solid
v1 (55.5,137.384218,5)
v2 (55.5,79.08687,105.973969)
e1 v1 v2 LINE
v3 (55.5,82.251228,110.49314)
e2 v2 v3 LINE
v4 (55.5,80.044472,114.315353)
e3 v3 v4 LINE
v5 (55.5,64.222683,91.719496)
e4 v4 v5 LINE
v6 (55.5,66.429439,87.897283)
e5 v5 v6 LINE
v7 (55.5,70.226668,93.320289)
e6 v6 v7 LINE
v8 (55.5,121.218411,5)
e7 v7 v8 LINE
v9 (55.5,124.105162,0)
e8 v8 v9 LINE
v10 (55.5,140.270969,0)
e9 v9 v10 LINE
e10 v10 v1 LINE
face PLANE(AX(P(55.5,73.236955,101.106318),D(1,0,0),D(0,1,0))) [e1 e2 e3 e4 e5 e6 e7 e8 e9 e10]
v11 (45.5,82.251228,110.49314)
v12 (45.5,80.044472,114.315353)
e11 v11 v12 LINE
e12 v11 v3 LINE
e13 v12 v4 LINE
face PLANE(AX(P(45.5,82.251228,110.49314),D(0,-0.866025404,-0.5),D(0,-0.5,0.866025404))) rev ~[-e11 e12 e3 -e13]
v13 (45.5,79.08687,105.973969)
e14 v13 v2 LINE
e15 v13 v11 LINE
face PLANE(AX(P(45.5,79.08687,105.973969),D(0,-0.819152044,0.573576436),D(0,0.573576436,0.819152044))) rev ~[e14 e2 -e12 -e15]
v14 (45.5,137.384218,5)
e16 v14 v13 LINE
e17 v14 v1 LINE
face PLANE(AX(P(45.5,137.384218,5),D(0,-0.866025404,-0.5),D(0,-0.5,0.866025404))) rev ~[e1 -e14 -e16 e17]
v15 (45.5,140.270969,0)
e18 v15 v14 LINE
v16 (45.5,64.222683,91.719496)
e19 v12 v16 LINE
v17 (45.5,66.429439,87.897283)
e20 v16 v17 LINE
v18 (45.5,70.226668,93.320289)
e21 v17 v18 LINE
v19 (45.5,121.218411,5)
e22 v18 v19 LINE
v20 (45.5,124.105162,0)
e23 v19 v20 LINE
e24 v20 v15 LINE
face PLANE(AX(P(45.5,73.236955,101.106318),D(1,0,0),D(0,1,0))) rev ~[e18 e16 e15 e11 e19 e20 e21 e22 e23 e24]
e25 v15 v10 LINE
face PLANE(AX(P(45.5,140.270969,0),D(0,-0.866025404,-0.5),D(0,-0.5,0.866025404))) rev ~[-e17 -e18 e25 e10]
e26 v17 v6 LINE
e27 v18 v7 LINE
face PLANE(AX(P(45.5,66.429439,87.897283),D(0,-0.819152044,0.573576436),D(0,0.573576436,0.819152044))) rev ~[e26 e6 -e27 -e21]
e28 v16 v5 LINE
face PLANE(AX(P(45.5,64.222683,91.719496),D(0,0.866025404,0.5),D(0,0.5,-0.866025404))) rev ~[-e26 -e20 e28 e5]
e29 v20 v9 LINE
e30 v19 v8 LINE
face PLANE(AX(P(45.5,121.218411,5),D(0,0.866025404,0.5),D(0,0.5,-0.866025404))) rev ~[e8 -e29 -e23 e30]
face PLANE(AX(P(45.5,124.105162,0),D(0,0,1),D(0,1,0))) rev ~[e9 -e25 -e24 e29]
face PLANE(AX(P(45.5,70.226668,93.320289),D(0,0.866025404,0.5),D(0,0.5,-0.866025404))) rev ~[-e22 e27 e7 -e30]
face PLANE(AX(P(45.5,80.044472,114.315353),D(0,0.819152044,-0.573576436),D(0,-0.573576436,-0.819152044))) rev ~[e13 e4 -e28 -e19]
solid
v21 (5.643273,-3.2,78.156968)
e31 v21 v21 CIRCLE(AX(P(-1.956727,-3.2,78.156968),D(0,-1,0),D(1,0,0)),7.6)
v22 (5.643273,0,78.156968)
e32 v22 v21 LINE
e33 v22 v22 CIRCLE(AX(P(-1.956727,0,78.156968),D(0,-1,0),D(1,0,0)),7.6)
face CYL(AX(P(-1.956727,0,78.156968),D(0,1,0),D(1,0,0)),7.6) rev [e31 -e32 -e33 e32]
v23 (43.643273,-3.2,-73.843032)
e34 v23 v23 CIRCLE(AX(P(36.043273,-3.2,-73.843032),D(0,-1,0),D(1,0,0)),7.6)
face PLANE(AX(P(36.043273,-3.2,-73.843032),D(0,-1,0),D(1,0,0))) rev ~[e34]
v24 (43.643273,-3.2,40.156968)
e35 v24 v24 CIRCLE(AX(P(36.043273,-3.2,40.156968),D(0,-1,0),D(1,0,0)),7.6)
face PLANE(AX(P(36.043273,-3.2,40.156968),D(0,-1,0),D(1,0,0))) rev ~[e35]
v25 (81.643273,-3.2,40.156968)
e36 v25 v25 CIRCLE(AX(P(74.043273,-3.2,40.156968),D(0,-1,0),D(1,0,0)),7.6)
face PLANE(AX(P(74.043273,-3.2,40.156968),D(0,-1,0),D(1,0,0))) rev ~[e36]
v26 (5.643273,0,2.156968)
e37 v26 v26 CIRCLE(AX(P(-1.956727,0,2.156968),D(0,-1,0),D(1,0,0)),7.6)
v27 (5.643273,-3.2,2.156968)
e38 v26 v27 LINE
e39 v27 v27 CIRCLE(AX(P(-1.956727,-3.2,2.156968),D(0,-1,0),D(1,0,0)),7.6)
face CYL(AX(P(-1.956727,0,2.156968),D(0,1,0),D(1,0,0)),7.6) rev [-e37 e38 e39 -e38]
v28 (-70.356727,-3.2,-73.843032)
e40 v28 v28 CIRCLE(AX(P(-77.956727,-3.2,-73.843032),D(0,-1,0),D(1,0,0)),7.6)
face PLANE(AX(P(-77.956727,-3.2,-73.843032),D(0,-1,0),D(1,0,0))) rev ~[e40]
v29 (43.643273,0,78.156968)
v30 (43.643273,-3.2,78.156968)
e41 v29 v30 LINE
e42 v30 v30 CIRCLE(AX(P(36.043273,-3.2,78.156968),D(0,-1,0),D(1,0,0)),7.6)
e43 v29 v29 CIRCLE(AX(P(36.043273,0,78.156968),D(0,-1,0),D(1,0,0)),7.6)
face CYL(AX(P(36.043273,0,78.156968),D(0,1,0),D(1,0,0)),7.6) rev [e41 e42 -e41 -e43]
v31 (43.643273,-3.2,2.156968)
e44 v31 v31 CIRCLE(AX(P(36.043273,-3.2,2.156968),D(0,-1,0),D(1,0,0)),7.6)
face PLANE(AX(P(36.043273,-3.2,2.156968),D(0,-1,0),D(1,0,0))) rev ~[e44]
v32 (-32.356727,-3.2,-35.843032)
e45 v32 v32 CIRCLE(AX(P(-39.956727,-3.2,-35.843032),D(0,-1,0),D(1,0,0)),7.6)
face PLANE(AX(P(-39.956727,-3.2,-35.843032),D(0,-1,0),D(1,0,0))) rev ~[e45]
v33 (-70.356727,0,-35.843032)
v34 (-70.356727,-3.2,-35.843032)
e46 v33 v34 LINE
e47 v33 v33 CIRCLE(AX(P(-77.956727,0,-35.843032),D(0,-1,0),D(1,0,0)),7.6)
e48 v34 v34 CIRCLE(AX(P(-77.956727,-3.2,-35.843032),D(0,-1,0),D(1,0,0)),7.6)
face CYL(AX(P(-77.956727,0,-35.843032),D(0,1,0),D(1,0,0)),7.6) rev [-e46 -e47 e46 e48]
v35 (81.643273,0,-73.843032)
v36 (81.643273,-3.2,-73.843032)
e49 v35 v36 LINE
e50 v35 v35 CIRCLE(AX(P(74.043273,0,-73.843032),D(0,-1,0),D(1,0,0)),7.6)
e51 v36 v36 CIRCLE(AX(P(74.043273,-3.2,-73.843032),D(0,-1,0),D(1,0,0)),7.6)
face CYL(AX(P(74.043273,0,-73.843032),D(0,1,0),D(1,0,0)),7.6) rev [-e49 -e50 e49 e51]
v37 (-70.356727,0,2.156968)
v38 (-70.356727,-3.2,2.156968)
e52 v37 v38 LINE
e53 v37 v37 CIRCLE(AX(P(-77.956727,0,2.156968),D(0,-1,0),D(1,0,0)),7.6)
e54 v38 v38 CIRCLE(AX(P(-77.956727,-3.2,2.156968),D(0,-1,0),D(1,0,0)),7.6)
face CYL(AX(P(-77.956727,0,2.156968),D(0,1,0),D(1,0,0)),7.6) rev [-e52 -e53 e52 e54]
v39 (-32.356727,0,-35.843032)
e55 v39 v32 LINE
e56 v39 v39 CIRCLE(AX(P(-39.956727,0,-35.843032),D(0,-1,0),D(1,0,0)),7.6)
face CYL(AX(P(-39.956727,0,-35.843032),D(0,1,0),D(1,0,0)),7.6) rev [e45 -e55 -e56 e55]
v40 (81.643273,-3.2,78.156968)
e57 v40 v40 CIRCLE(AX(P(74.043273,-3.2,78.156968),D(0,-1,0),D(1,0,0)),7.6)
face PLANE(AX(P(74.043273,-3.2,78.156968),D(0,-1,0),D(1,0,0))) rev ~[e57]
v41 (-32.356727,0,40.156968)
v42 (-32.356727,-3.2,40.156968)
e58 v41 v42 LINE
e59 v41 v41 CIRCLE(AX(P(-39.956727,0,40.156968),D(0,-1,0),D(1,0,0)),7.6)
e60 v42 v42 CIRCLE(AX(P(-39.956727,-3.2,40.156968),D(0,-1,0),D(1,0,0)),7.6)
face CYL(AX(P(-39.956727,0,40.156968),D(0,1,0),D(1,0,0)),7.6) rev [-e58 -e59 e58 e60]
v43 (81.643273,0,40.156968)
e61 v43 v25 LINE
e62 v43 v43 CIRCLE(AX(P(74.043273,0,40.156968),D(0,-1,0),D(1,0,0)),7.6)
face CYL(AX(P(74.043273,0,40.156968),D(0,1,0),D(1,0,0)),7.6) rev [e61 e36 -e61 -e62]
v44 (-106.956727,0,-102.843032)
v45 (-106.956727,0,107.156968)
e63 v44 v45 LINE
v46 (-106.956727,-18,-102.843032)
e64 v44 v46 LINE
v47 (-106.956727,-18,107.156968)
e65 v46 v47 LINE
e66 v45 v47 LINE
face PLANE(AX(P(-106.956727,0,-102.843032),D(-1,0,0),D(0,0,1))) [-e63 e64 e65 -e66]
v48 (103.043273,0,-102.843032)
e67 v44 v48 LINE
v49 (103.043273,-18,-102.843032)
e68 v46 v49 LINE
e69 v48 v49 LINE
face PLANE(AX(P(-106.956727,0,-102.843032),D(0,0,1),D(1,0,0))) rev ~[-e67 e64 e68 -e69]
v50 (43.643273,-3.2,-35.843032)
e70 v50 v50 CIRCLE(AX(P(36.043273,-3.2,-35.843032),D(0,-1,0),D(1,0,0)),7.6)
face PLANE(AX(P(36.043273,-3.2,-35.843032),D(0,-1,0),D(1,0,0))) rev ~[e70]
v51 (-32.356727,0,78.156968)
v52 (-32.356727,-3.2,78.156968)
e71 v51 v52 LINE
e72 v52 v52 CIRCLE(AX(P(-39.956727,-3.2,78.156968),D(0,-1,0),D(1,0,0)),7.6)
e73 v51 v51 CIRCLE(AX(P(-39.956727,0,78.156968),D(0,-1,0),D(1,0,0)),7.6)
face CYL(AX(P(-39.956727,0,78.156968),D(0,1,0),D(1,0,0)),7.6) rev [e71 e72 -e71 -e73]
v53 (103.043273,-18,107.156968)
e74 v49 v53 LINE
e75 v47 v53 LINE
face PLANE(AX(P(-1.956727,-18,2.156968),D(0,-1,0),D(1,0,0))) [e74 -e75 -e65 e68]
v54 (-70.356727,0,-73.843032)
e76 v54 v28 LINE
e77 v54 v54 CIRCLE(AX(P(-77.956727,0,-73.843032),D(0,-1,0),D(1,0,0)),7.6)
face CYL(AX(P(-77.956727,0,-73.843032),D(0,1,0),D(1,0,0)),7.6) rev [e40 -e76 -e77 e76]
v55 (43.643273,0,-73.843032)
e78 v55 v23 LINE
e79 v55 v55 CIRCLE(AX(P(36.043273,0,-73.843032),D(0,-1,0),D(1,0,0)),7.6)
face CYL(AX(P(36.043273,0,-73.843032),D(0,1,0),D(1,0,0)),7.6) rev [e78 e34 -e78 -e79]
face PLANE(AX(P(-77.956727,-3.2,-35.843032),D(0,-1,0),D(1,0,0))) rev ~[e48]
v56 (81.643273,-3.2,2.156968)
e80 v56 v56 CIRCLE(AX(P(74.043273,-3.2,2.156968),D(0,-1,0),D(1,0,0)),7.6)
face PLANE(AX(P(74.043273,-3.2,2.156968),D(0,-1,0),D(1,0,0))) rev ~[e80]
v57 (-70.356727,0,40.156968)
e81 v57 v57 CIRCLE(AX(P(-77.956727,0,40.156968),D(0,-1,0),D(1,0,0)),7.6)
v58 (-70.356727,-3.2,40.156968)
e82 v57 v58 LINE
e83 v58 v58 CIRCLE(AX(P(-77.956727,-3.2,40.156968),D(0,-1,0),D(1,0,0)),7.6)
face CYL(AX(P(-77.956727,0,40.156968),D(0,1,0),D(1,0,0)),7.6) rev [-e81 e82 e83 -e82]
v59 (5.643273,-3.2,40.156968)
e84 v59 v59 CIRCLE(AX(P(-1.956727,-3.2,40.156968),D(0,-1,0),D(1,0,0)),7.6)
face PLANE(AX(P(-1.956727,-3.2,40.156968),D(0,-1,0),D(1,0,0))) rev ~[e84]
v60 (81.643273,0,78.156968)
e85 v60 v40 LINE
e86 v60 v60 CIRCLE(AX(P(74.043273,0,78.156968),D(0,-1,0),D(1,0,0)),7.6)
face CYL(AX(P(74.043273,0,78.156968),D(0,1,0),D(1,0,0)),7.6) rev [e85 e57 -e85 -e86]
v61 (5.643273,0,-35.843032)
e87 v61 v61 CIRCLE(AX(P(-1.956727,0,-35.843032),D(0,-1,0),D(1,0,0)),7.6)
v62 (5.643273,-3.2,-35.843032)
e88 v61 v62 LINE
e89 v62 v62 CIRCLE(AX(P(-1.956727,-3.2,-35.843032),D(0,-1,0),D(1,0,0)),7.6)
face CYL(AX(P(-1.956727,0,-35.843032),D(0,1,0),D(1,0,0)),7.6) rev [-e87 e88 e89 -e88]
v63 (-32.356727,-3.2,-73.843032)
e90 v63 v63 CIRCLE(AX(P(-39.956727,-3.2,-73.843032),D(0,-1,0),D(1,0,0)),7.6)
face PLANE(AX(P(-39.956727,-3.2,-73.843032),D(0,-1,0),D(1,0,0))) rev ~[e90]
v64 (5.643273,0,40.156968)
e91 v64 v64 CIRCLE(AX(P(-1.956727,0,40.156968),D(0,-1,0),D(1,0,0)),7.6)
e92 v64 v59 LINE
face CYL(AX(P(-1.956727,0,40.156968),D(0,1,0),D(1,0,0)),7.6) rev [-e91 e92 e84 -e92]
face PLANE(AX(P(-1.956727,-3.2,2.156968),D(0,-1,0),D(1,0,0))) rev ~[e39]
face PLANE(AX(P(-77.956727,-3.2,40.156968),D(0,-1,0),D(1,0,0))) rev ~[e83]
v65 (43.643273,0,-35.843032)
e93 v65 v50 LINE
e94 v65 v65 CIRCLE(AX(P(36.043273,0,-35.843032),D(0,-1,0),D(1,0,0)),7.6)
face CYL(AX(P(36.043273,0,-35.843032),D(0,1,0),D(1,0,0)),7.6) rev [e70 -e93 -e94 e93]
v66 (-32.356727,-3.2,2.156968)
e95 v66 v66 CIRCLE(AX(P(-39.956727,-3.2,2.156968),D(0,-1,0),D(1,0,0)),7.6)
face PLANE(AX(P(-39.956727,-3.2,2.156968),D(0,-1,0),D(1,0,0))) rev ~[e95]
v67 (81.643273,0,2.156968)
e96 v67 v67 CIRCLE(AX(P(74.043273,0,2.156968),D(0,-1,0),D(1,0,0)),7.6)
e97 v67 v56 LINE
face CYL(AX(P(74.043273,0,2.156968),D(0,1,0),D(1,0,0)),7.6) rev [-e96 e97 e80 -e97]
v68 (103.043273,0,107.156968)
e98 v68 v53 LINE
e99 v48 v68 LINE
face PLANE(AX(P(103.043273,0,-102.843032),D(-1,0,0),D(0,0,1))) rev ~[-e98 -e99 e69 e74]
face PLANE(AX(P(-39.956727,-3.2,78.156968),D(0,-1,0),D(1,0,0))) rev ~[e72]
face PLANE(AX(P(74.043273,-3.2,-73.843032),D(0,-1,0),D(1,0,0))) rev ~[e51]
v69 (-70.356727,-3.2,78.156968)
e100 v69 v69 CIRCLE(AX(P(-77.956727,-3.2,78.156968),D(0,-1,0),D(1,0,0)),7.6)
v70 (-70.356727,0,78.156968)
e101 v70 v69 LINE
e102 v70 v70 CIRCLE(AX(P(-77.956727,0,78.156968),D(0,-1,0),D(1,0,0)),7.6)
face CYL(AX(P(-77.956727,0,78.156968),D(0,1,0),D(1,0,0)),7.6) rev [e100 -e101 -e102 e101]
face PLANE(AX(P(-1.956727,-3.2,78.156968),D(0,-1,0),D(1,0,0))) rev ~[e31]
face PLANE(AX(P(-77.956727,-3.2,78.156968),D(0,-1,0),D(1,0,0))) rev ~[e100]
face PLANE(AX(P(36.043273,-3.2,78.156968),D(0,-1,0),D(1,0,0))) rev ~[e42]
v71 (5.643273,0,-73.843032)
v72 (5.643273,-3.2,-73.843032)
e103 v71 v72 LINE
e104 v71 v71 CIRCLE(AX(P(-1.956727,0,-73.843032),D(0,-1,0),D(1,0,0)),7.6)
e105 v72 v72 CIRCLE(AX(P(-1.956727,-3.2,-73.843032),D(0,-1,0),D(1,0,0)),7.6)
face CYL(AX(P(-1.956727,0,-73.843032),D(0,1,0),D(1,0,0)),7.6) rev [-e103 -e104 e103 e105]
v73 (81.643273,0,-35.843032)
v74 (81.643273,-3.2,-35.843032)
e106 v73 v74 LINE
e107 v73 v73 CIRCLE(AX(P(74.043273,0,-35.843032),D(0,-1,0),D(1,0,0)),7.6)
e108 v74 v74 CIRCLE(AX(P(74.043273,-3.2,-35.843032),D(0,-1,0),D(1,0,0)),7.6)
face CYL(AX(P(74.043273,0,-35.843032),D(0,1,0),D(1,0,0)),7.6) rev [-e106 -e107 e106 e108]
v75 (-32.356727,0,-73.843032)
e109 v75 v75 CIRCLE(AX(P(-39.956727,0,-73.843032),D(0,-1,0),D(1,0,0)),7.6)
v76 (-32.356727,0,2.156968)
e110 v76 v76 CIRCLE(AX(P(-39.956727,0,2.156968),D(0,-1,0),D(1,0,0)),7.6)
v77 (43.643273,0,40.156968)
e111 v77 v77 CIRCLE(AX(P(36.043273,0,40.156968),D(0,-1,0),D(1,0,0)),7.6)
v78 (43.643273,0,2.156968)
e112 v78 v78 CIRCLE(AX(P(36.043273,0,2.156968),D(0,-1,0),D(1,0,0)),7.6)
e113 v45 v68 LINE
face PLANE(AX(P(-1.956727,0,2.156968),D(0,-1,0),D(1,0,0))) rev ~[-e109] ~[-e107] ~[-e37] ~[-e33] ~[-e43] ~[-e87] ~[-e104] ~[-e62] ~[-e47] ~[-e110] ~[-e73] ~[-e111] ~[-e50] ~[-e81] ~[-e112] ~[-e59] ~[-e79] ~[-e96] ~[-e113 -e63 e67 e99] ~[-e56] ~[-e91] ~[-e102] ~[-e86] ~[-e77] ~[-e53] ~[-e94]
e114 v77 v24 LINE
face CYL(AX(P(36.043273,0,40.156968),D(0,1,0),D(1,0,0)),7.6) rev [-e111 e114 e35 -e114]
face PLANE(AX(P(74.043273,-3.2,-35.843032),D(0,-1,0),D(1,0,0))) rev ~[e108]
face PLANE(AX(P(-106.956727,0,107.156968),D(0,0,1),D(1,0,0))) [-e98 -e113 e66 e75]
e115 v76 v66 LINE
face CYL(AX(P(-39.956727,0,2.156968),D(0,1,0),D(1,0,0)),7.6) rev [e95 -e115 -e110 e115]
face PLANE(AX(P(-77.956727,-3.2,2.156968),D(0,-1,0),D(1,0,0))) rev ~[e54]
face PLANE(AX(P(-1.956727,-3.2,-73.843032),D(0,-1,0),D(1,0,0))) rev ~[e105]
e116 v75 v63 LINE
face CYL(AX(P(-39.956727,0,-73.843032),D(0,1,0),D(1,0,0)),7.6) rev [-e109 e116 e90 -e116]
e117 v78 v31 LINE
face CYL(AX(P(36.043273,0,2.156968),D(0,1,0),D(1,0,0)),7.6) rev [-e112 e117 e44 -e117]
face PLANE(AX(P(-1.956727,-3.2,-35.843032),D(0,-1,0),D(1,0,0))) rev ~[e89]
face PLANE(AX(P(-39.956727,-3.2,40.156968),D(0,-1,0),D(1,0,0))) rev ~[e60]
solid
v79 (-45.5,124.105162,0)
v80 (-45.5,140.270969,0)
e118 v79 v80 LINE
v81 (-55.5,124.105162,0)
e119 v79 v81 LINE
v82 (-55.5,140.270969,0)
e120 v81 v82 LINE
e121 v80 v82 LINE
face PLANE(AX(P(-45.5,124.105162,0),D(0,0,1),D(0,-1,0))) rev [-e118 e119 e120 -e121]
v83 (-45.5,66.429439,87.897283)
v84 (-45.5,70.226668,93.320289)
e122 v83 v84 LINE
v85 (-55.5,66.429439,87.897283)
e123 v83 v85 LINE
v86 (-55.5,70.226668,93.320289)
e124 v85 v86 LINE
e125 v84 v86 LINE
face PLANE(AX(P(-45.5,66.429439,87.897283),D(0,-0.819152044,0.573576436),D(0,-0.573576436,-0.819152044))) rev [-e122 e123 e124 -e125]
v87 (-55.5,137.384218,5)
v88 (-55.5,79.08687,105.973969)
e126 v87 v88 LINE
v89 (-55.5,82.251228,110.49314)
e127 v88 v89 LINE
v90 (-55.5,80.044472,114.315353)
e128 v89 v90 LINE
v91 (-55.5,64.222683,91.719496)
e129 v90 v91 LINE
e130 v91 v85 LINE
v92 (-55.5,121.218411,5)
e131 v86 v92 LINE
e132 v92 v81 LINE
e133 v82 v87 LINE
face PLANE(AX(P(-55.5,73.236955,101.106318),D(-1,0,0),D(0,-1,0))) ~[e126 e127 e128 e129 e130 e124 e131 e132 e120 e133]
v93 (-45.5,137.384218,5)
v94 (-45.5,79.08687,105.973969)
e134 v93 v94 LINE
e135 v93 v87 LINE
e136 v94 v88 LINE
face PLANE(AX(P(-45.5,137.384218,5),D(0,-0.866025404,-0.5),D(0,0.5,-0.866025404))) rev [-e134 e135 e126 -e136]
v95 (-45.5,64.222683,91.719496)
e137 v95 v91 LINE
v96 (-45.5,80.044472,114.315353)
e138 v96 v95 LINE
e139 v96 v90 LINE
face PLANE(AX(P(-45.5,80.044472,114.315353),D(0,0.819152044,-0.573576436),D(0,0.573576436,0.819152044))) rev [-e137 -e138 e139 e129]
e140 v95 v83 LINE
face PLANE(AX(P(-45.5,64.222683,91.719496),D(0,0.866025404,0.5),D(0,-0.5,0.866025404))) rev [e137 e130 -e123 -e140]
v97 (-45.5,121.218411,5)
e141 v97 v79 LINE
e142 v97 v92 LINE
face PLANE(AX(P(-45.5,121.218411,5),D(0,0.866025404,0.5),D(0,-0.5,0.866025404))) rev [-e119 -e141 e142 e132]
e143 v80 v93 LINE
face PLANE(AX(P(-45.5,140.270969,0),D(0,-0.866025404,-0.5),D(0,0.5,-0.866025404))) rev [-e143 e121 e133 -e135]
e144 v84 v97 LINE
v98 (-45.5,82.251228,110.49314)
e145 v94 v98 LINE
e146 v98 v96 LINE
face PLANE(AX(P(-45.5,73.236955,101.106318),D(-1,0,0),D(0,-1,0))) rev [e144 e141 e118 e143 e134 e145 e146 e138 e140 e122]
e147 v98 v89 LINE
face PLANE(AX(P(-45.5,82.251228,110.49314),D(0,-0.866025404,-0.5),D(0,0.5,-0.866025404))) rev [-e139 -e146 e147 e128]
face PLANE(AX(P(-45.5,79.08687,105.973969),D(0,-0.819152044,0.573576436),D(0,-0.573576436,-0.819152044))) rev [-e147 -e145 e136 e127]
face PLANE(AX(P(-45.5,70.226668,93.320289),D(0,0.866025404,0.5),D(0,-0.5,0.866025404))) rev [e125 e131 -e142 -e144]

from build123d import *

# Parameters (mm, degrees)
F0_W     = 210
F0_H     = 210
F0_R     = 7.6
F1_DEPTH = 18
F2_DEPTH = 3.2
F4_START = 45.5
F4_DEPTH = 10


with BuildPart() as f1:
    # F0 (on Front) → F1 (new body)
    with BuildSketch(Plane.XZ):
        with Locations((-1.9567265748, 2.1569684295)):
            Rectangle(F0_W, F0_H)
        with Locations((-77.9567265748, -73.8430315705)):
            Circle(F0_R, mode=Mode.SUBTRACT)
        with Locations((-39.9567265748, -73.8430315705)):
            Circle(F0_R, mode=Mode.SUBTRACT)
        with Locations((-77.9567265748, -35.8430315705)):
            Circle(F0_R, mode=Mode.SUBTRACT)
        with Locations((-77.9567265748, 2.1569684295)):
            Circle(F0_R, mode=Mode.SUBTRACT)
        with Locations((-39.9567265748, -35.8430315705)):
            Circle(F0_R, mode=Mode.SUBTRACT)
        with Locations((-1.9567265748, -73.8430315705)):
            Circle(F0_R, mode=Mode.SUBTRACT)
        with Locations((36.0432734252, -73.8430315705)):
            Circle(F0_R, mode=Mode.SUBTRACT)
        with Locations((74.0432734252, -73.8430315705)):
            Circle(F0_R, mode=Mode.SUBTRACT)
        with Locations((-1.9567265748, -35.8430315705)):
            Circle(F0_R, mode=Mode.SUBTRACT)
        with Locations((36.0432734252, -35.8430315705)):
            Circle(F0_R, mode=Mode.SUBTRACT)
        with Locations((74.0432734252, -35.8430315705)):
            Circle(F0_R, mode=Mode.SUBTRACT)
        with Locations((-77.9567265748, 40.1569684295)):
            Circle(F0_R, mode=Mode.SUBTRACT)
        with Locations((-39.9567265748, 2.1569684295)):
            Circle(F0_R, mode=Mode.SUBTRACT)
        with Locations((-39.9567265748, 40.1569684295)):
            Circle(F0_R, mode=Mode.SUBTRACT)
        with Locations((-77.9567265748, 78.1569684295)):
            Circle(F0_R, mode=Mode.SUBTRACT)
        with Locations((-39.9567265748, 78.1569684295)):
            Circle(F0_R, mode=Mode.SUBTRACT)
        with Locations((-1.9567265748, 2.1569684295)):
            Circle(F0_R, mode=Mode.SUBTRACT)
        with Locations((36.0432734252, 2.1569684295)):
            Circle(F0_R, mode=Mode.SUBTRACT)
        with Locations((-1.9567265748, 40.1569684295)):
            Circle(F0_R, mode=Mode.SUBTRACT)
        with Locations((36.0432734252, 40.1569684295)):
            Circle(F0_R, mode=Mode.SUBTRACT)
        with Locations((74.0432734252, 2.1569684295)):
            Circle(F0_R, mode=Mode.SUBTRACT)
        with Locations((74.0432734252, 40.1569684295)):
            Circle(F0_R, mode=Mode.SUBTRACT)
        with Locations((-1.9567265748, 78.1569684295)):
            Circle(F0_R, mode=Mode.SUBTRACT)
        with Locations((36.0432734252, 78.1569684295)):
            Circle(F0_R, mode=Mode.SUBTRACT)
        with Locations((74.0432734252, 78.1569684295)):
            Circle(F0_R, mode=Mode.SUBTRACT)
        with Locations((-77.9567265748, 78.1569684295)):
            Circle(F0_R)
        with Locations((-77.9567265748, 40.1569684295)):
            Circle(F0_R)
        with Locations((-77.9567265748, 2.1569684295)):
            Circle(F0_R)
        with Locations((-77.9567265748, -35.8430315705)):
            Circle(F0_R)
        with Locations((-77.9567265748, -73.8430315705)):
            Circle(F0_R)
        with Locations((-39.9567265748, -73.8430315705)):
            Circle(F0_R)
        with Locations((-39.9567265748, -35.8430315705)):
            Circle(F0_R)
        with Locations((-39.9567265748, 2.1569684295)):
            Circle(F0_R)
        with Locations((-1.9567265748, 2.1569684295)):
            Circle(F0_R)
        with Locations((-1.9567265748, 40.1569684295)):
            Circle(F0_R)
        with Locations((-1.9567265748, 78.1569684295)):
            Circle(F0_R)
        with Locations((36.0432734252, 78.1569684295)):
            Circle(F0_R)
        with Locations((36.0432734252, 40.1569684295)):
            Circle(F0_R)
        with Locations((36.0432734252, 2.1569684295)):
            Circle(F0_R)
        with Locations((36.0432734252, -35.8430315705)):
            Circle(F0_R)
        with Locations((36.0432734252, -73.8430315705)):
            Circle(F0_R)
        with Locations((74.0432734252, -73.8430315705)):
            Circle(F0_R)
        with Locations((74.0432734252, -35.8430315705)):
            Circle(F0_R)
        with Locations((74.0432734252, 40.1569684295)):
            Circle(F0_R)
        with Locations((74.0432734252, 78.1569684295)):
            Circle(F0_R)
        with Locations((-39.9567265748, 78.1569684295)):
            Circle(F0_R)
        with Locations((-1.9567265748, -35.8430315705)):
            Circle(F0_R)
        with Locations((-1.9567265748, -73.8430315705)):
            Circle(F0_R)
        with Locations((74.0432734252, 2.1569684295)):
            Circle(F0_R)
        with Locations((-39.9567265748, 40.1569684295)):
            Circle(F0_R)
    extrude(amount=F1_DEPTH)

    # F0 (on Front) → F2 (cut)
    with BuildSketch(Plane.XZ):
        with Locations((74.0432734252, 78.1569684295)):
            Circle(F0_R)
        with Locations((36.0432734252, 78.1569684295)):
            Circle(F0_R)
        with Locations((36.0432734252, 40.1569684295)):
            Circle(F0_R)
        with Locations((74.0432734252, 40.1569684295)):
            Circle(F0_R)
        with Locations((74.0432734252, 2.1569684295)):
            Circle(F0_R)
        with Locations((74.0432734252, -35.8430315705)):
            Circle(F0_R)
        with Locations((36.0432734252, -35.8430315705)):
            Circle(F0_R)
        with Locations((36.0432734252, 2.1569684295)):
            Circle(F0_R)
        with Locations((74.0432734252, -73.8430315705)):
            Circle(F0_R)
        with Locations((36.0432734252, -73.8430315705)):
            Circle(F0_R)
        with Locations((-1.9567265748, -73.8430315705)):
            Circle(F0_R)
        with Locations((-1.9567265748, -35.8430315705)):
            Circle(F0_R)
        with Locations((-1.9567265748, 2.1569684295)):
            Circle(F0_R)
        with Locations((-1.9567265748, 40.1569684295)):
            Circle(F0_R)
        with Locations((-39.9567265748, 78.1569684295)):
            Circle(F0_R)
        with Locations((-1.9567265748, 78.1569684295)):
            Circle(F0_R)
        with Locations((-39.9567265748, 40.1569684295)):
            Circle(F0_R)
        with Locations((-39.9567265748, 2.1569684295)):
            Circle(F0_R)
        with Locations((-39.9567265748, -35.8430315705)):
            Circle(F0_R)
        with Locations((-39.9567265748, -73.8430315705)):
            Circle(F0_R)
        with Locations((-77.9567265748, -73.8430315705)):
            Circle(F0_R)
        with Locations((-77.9567265748, -35.8430315705)):
            Circle(F0_R)
        with Locations((-77.9567265748, 2.1569684295)):
            Circle(F0_R)
        with Locations((-77.9567265748, 40.1569684295)):
            Circle(F0_R)
        with Locations((-77.9567265748, 78.1569684295)):
            Circle(F0_R)
    extrude(amount=F2_DEPTH, mode=Mode.SUBTRACT)


with BuildPart() as f4:
    # F3 (on Right) → F4 (new body)
    with BuildSketch(Plane.YZ.offset(F4_START)):
        Polygon((80.0444721134, 114.3153532995), (64.2226827458, 91.719496351), (66.4294385837, 87.8972831198), (70.2266680319, 93.3202887875), (79.0868700778, 105.9739686787), (82.2512279514, 110.4931400684), align=None)
        Polygon((137.3842180756, 5), (121.2184105383, 5), (124.1051618842, 0), (140.2709694216, 0), align=None)
        Polygon((79.0868700778, 105.9739686787), (70.2266680319, 93.3202887875), (121.2184105383, 5), (137.3842180756, 5), align=None)
    extrude(amount=F4_DEPTH)


with BuildPart() as f5_1:
    # F5: instance of F4
    add(f4.part.mirror(Plane.YZ))


solid = Compound([f1.part, f4.part, f5_1.part])
